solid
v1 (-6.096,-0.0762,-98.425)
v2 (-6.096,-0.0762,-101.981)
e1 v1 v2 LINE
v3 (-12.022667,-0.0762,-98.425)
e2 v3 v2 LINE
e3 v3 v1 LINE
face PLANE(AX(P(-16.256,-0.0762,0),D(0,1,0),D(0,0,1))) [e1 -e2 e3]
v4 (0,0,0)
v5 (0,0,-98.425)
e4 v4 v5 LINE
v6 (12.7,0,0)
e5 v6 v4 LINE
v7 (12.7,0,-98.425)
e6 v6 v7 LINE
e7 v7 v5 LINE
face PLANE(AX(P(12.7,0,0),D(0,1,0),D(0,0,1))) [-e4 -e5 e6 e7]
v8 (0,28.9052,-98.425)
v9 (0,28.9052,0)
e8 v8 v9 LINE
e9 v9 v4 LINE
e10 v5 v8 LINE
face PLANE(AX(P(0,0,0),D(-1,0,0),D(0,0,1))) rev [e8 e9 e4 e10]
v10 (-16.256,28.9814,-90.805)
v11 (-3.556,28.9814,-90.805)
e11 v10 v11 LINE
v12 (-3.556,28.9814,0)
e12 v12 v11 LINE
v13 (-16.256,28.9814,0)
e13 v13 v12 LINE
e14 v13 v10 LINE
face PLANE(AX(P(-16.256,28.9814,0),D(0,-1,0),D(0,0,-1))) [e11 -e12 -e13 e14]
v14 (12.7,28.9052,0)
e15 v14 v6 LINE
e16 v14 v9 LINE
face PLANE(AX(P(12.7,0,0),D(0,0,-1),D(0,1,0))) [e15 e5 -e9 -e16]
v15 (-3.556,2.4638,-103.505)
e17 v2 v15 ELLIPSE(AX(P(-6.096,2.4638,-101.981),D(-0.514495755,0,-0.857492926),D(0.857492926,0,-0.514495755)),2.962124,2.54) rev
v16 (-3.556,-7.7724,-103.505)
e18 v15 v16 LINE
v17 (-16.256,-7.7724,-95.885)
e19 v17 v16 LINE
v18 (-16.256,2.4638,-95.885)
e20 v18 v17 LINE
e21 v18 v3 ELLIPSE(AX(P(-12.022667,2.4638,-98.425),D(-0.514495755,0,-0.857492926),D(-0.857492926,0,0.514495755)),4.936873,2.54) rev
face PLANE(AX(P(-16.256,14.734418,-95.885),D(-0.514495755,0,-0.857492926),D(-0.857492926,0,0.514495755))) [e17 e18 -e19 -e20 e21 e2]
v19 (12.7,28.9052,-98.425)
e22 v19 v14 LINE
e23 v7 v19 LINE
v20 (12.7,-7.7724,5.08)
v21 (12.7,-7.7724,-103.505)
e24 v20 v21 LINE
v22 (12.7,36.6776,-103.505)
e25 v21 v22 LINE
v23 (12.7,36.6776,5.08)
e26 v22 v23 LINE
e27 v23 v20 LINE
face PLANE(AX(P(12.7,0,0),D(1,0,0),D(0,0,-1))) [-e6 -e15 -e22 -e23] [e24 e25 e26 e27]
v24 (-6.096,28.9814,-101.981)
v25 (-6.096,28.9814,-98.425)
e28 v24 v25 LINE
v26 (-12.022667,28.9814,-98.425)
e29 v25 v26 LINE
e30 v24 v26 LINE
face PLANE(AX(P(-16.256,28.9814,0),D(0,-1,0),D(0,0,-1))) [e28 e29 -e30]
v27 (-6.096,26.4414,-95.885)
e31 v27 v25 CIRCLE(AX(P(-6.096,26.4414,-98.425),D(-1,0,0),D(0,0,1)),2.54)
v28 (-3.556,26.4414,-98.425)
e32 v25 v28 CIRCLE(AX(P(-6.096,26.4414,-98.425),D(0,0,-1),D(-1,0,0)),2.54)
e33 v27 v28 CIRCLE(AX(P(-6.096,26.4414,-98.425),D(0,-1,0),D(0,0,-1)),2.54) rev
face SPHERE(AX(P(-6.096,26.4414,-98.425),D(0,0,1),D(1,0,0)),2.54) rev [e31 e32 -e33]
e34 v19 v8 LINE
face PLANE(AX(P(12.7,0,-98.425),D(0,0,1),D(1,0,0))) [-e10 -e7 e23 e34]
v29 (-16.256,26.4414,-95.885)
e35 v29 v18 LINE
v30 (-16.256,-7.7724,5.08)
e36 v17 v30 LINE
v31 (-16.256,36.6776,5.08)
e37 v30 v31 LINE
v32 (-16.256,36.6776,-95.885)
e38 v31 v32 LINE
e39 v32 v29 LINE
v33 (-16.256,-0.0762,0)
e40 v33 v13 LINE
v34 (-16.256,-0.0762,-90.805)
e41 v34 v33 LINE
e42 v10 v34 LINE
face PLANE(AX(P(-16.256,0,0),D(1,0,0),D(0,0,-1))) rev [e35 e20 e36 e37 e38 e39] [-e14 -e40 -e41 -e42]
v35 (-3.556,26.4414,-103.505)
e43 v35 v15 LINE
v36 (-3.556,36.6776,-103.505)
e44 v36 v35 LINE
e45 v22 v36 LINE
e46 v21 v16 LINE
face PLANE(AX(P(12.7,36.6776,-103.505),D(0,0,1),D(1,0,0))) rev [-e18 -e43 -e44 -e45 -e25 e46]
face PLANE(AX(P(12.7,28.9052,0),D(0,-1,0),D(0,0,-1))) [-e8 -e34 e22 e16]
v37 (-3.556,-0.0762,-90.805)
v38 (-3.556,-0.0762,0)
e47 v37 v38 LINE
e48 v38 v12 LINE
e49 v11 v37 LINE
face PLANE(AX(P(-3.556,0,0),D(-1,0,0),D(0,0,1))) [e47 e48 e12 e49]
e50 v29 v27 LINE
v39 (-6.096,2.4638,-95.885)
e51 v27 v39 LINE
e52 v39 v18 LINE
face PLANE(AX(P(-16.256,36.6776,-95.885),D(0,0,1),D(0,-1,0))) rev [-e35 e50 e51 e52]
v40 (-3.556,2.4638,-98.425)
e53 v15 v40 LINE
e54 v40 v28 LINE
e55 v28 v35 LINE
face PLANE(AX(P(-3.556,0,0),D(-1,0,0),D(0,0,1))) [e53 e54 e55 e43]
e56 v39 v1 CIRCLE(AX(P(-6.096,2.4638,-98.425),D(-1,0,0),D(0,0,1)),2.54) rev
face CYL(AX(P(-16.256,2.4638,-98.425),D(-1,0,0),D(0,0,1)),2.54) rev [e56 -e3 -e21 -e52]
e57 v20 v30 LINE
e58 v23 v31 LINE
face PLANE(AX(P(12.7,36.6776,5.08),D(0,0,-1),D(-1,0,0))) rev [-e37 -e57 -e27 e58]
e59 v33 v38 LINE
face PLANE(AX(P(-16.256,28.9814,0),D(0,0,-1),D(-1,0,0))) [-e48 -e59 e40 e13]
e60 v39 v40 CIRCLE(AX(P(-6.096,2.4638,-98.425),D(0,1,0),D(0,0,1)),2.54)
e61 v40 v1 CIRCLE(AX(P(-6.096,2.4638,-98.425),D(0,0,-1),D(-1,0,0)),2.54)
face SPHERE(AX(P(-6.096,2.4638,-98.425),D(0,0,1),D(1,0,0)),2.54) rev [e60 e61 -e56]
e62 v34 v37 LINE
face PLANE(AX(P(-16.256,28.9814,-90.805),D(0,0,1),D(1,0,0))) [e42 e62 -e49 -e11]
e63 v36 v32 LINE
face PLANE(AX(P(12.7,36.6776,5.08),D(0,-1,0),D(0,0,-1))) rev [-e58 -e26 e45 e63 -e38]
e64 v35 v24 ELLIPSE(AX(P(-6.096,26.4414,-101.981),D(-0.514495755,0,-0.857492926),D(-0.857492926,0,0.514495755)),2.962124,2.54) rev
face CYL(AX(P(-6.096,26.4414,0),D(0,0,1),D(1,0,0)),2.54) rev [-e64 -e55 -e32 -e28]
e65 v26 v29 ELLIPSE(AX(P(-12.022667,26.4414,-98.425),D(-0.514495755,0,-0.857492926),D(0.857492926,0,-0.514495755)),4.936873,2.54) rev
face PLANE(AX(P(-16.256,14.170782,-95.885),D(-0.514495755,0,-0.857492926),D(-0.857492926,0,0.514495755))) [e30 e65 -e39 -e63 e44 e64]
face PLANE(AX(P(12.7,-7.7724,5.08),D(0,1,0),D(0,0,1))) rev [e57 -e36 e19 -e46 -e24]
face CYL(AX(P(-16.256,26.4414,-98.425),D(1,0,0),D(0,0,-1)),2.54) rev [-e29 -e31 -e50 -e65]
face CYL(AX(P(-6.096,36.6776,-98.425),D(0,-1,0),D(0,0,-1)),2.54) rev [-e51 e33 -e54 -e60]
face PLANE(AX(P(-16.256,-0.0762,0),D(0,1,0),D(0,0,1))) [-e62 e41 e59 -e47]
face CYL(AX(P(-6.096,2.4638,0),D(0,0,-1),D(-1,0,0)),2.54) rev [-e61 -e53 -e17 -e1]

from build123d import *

# Parameters (mm, degrees)
SKETCH4_W           = 108.585
SKETCH4_H           = 44.45
SKETCH4_W_2         = 98.425
SKETCH4_H_2         = 28.9052
BOSS_EXTRUDE2_DEPTH = 12.7
SKETCH5_W           = 108.585
SKETCH5_H           = 44.45
BOSS_EXTRUDE3_DEPTH = 3.556
SKETCH6_W           = 100.965
SKETCH6_H           = 44.45
SKETCH6_W_2         = 90.805
SKETCH6_H_2         = 29.0576
BOSS_EXTRUDE4_DEPTH = 12.7
BOSS_EXTRUDE6_DEPTH = 7.6962
BOSS_EXTRUDE7_DEPTH = 7.6962
FILLET1_R           = 2.54


with BuildPart() as part:
    # Sketch4 → Boss-Extrude2 (new body)
    with BuildSketch(Plane(origin=(0, 0, 0), x_dir=(0, 0, -1), z_dir=(1, 0, 0))):
        with Locations((49.2125, 14.4526)):
            Rectangle(SKETCH4_W, SKETCH4_H)
        with Locations((49.2125, 14.4526)):
            Rectangle(SKETCH4_W_2, SKETCH4_H_2, mode=Mode.SUBTRACT)
    extrude(amount=BOSS_EXTRUDE2_DEPTH)

    # Sketch5 → Boss-Extrude3 (add)
    with BuildSketch(Plane.ZY):
        with Locations((-49.2125, 14.4526)):
            Rectangle(SKETCH5_W, SKETCH5_H)
    extrude(amount=BOSS_EXTRUDE3_DEPTH)

    # Sketch6 → Boss-Extrude4 (add)
    with BuildSketch(Plane.ZY.offset(3.556)):
        with Locations((-45.4025, 14.4526)):
            Rectangle(SKETCH6_W, SKETCH6_H)
        with Locations((-45.4025, 14.4526)):
            Rectangle(SKETCH6_W_2, SKETCH6_H_2, mode=Mode.SUBTRACT)
    extrude(amount=BOSS_EXTRUDE4_DEPTH)

    # Sketch7 → Boss-Extrude6 (add)
    with BuildSketch(Plane(origin=(0, 36.6776, 0), x_dir=(1, 0, 0), z_dir=(0, 1, 0))):
        Polygon((-3.556, 103.505), (-3.556, 95.885), (-16.256, 95.885), align=None)
    extrude(amount=-BOSS_EXTRUDE6_DEPTH)

    # Sketch8 → Boss-Extrude7 (add)
    with BuildSketch(Plane.XZ.offset(7.7724)):
        Polygon((-3.556, -103.505), (-3.556, -95.885), (-16.256, -95.885), align=None)
    extrude(amount=-BOSS_EXTRUDE7_DEPTH)

    # Fillet1
    fillet1_edges = [part.edges().sort_by_distance(p)[0] for p in [
        (-3.556, 14.4526, -95.885),
        (-9.906, 28.9814, -95.885),
        (-3.556, 28.9814, -99.695),
        (-3.556, -0.0762, -99.695),
        (-9.906, -0.0762, -95.885),
    ]]
    fillet(fillet1_edges, radius=FILLET1_R)


solid = part.part
